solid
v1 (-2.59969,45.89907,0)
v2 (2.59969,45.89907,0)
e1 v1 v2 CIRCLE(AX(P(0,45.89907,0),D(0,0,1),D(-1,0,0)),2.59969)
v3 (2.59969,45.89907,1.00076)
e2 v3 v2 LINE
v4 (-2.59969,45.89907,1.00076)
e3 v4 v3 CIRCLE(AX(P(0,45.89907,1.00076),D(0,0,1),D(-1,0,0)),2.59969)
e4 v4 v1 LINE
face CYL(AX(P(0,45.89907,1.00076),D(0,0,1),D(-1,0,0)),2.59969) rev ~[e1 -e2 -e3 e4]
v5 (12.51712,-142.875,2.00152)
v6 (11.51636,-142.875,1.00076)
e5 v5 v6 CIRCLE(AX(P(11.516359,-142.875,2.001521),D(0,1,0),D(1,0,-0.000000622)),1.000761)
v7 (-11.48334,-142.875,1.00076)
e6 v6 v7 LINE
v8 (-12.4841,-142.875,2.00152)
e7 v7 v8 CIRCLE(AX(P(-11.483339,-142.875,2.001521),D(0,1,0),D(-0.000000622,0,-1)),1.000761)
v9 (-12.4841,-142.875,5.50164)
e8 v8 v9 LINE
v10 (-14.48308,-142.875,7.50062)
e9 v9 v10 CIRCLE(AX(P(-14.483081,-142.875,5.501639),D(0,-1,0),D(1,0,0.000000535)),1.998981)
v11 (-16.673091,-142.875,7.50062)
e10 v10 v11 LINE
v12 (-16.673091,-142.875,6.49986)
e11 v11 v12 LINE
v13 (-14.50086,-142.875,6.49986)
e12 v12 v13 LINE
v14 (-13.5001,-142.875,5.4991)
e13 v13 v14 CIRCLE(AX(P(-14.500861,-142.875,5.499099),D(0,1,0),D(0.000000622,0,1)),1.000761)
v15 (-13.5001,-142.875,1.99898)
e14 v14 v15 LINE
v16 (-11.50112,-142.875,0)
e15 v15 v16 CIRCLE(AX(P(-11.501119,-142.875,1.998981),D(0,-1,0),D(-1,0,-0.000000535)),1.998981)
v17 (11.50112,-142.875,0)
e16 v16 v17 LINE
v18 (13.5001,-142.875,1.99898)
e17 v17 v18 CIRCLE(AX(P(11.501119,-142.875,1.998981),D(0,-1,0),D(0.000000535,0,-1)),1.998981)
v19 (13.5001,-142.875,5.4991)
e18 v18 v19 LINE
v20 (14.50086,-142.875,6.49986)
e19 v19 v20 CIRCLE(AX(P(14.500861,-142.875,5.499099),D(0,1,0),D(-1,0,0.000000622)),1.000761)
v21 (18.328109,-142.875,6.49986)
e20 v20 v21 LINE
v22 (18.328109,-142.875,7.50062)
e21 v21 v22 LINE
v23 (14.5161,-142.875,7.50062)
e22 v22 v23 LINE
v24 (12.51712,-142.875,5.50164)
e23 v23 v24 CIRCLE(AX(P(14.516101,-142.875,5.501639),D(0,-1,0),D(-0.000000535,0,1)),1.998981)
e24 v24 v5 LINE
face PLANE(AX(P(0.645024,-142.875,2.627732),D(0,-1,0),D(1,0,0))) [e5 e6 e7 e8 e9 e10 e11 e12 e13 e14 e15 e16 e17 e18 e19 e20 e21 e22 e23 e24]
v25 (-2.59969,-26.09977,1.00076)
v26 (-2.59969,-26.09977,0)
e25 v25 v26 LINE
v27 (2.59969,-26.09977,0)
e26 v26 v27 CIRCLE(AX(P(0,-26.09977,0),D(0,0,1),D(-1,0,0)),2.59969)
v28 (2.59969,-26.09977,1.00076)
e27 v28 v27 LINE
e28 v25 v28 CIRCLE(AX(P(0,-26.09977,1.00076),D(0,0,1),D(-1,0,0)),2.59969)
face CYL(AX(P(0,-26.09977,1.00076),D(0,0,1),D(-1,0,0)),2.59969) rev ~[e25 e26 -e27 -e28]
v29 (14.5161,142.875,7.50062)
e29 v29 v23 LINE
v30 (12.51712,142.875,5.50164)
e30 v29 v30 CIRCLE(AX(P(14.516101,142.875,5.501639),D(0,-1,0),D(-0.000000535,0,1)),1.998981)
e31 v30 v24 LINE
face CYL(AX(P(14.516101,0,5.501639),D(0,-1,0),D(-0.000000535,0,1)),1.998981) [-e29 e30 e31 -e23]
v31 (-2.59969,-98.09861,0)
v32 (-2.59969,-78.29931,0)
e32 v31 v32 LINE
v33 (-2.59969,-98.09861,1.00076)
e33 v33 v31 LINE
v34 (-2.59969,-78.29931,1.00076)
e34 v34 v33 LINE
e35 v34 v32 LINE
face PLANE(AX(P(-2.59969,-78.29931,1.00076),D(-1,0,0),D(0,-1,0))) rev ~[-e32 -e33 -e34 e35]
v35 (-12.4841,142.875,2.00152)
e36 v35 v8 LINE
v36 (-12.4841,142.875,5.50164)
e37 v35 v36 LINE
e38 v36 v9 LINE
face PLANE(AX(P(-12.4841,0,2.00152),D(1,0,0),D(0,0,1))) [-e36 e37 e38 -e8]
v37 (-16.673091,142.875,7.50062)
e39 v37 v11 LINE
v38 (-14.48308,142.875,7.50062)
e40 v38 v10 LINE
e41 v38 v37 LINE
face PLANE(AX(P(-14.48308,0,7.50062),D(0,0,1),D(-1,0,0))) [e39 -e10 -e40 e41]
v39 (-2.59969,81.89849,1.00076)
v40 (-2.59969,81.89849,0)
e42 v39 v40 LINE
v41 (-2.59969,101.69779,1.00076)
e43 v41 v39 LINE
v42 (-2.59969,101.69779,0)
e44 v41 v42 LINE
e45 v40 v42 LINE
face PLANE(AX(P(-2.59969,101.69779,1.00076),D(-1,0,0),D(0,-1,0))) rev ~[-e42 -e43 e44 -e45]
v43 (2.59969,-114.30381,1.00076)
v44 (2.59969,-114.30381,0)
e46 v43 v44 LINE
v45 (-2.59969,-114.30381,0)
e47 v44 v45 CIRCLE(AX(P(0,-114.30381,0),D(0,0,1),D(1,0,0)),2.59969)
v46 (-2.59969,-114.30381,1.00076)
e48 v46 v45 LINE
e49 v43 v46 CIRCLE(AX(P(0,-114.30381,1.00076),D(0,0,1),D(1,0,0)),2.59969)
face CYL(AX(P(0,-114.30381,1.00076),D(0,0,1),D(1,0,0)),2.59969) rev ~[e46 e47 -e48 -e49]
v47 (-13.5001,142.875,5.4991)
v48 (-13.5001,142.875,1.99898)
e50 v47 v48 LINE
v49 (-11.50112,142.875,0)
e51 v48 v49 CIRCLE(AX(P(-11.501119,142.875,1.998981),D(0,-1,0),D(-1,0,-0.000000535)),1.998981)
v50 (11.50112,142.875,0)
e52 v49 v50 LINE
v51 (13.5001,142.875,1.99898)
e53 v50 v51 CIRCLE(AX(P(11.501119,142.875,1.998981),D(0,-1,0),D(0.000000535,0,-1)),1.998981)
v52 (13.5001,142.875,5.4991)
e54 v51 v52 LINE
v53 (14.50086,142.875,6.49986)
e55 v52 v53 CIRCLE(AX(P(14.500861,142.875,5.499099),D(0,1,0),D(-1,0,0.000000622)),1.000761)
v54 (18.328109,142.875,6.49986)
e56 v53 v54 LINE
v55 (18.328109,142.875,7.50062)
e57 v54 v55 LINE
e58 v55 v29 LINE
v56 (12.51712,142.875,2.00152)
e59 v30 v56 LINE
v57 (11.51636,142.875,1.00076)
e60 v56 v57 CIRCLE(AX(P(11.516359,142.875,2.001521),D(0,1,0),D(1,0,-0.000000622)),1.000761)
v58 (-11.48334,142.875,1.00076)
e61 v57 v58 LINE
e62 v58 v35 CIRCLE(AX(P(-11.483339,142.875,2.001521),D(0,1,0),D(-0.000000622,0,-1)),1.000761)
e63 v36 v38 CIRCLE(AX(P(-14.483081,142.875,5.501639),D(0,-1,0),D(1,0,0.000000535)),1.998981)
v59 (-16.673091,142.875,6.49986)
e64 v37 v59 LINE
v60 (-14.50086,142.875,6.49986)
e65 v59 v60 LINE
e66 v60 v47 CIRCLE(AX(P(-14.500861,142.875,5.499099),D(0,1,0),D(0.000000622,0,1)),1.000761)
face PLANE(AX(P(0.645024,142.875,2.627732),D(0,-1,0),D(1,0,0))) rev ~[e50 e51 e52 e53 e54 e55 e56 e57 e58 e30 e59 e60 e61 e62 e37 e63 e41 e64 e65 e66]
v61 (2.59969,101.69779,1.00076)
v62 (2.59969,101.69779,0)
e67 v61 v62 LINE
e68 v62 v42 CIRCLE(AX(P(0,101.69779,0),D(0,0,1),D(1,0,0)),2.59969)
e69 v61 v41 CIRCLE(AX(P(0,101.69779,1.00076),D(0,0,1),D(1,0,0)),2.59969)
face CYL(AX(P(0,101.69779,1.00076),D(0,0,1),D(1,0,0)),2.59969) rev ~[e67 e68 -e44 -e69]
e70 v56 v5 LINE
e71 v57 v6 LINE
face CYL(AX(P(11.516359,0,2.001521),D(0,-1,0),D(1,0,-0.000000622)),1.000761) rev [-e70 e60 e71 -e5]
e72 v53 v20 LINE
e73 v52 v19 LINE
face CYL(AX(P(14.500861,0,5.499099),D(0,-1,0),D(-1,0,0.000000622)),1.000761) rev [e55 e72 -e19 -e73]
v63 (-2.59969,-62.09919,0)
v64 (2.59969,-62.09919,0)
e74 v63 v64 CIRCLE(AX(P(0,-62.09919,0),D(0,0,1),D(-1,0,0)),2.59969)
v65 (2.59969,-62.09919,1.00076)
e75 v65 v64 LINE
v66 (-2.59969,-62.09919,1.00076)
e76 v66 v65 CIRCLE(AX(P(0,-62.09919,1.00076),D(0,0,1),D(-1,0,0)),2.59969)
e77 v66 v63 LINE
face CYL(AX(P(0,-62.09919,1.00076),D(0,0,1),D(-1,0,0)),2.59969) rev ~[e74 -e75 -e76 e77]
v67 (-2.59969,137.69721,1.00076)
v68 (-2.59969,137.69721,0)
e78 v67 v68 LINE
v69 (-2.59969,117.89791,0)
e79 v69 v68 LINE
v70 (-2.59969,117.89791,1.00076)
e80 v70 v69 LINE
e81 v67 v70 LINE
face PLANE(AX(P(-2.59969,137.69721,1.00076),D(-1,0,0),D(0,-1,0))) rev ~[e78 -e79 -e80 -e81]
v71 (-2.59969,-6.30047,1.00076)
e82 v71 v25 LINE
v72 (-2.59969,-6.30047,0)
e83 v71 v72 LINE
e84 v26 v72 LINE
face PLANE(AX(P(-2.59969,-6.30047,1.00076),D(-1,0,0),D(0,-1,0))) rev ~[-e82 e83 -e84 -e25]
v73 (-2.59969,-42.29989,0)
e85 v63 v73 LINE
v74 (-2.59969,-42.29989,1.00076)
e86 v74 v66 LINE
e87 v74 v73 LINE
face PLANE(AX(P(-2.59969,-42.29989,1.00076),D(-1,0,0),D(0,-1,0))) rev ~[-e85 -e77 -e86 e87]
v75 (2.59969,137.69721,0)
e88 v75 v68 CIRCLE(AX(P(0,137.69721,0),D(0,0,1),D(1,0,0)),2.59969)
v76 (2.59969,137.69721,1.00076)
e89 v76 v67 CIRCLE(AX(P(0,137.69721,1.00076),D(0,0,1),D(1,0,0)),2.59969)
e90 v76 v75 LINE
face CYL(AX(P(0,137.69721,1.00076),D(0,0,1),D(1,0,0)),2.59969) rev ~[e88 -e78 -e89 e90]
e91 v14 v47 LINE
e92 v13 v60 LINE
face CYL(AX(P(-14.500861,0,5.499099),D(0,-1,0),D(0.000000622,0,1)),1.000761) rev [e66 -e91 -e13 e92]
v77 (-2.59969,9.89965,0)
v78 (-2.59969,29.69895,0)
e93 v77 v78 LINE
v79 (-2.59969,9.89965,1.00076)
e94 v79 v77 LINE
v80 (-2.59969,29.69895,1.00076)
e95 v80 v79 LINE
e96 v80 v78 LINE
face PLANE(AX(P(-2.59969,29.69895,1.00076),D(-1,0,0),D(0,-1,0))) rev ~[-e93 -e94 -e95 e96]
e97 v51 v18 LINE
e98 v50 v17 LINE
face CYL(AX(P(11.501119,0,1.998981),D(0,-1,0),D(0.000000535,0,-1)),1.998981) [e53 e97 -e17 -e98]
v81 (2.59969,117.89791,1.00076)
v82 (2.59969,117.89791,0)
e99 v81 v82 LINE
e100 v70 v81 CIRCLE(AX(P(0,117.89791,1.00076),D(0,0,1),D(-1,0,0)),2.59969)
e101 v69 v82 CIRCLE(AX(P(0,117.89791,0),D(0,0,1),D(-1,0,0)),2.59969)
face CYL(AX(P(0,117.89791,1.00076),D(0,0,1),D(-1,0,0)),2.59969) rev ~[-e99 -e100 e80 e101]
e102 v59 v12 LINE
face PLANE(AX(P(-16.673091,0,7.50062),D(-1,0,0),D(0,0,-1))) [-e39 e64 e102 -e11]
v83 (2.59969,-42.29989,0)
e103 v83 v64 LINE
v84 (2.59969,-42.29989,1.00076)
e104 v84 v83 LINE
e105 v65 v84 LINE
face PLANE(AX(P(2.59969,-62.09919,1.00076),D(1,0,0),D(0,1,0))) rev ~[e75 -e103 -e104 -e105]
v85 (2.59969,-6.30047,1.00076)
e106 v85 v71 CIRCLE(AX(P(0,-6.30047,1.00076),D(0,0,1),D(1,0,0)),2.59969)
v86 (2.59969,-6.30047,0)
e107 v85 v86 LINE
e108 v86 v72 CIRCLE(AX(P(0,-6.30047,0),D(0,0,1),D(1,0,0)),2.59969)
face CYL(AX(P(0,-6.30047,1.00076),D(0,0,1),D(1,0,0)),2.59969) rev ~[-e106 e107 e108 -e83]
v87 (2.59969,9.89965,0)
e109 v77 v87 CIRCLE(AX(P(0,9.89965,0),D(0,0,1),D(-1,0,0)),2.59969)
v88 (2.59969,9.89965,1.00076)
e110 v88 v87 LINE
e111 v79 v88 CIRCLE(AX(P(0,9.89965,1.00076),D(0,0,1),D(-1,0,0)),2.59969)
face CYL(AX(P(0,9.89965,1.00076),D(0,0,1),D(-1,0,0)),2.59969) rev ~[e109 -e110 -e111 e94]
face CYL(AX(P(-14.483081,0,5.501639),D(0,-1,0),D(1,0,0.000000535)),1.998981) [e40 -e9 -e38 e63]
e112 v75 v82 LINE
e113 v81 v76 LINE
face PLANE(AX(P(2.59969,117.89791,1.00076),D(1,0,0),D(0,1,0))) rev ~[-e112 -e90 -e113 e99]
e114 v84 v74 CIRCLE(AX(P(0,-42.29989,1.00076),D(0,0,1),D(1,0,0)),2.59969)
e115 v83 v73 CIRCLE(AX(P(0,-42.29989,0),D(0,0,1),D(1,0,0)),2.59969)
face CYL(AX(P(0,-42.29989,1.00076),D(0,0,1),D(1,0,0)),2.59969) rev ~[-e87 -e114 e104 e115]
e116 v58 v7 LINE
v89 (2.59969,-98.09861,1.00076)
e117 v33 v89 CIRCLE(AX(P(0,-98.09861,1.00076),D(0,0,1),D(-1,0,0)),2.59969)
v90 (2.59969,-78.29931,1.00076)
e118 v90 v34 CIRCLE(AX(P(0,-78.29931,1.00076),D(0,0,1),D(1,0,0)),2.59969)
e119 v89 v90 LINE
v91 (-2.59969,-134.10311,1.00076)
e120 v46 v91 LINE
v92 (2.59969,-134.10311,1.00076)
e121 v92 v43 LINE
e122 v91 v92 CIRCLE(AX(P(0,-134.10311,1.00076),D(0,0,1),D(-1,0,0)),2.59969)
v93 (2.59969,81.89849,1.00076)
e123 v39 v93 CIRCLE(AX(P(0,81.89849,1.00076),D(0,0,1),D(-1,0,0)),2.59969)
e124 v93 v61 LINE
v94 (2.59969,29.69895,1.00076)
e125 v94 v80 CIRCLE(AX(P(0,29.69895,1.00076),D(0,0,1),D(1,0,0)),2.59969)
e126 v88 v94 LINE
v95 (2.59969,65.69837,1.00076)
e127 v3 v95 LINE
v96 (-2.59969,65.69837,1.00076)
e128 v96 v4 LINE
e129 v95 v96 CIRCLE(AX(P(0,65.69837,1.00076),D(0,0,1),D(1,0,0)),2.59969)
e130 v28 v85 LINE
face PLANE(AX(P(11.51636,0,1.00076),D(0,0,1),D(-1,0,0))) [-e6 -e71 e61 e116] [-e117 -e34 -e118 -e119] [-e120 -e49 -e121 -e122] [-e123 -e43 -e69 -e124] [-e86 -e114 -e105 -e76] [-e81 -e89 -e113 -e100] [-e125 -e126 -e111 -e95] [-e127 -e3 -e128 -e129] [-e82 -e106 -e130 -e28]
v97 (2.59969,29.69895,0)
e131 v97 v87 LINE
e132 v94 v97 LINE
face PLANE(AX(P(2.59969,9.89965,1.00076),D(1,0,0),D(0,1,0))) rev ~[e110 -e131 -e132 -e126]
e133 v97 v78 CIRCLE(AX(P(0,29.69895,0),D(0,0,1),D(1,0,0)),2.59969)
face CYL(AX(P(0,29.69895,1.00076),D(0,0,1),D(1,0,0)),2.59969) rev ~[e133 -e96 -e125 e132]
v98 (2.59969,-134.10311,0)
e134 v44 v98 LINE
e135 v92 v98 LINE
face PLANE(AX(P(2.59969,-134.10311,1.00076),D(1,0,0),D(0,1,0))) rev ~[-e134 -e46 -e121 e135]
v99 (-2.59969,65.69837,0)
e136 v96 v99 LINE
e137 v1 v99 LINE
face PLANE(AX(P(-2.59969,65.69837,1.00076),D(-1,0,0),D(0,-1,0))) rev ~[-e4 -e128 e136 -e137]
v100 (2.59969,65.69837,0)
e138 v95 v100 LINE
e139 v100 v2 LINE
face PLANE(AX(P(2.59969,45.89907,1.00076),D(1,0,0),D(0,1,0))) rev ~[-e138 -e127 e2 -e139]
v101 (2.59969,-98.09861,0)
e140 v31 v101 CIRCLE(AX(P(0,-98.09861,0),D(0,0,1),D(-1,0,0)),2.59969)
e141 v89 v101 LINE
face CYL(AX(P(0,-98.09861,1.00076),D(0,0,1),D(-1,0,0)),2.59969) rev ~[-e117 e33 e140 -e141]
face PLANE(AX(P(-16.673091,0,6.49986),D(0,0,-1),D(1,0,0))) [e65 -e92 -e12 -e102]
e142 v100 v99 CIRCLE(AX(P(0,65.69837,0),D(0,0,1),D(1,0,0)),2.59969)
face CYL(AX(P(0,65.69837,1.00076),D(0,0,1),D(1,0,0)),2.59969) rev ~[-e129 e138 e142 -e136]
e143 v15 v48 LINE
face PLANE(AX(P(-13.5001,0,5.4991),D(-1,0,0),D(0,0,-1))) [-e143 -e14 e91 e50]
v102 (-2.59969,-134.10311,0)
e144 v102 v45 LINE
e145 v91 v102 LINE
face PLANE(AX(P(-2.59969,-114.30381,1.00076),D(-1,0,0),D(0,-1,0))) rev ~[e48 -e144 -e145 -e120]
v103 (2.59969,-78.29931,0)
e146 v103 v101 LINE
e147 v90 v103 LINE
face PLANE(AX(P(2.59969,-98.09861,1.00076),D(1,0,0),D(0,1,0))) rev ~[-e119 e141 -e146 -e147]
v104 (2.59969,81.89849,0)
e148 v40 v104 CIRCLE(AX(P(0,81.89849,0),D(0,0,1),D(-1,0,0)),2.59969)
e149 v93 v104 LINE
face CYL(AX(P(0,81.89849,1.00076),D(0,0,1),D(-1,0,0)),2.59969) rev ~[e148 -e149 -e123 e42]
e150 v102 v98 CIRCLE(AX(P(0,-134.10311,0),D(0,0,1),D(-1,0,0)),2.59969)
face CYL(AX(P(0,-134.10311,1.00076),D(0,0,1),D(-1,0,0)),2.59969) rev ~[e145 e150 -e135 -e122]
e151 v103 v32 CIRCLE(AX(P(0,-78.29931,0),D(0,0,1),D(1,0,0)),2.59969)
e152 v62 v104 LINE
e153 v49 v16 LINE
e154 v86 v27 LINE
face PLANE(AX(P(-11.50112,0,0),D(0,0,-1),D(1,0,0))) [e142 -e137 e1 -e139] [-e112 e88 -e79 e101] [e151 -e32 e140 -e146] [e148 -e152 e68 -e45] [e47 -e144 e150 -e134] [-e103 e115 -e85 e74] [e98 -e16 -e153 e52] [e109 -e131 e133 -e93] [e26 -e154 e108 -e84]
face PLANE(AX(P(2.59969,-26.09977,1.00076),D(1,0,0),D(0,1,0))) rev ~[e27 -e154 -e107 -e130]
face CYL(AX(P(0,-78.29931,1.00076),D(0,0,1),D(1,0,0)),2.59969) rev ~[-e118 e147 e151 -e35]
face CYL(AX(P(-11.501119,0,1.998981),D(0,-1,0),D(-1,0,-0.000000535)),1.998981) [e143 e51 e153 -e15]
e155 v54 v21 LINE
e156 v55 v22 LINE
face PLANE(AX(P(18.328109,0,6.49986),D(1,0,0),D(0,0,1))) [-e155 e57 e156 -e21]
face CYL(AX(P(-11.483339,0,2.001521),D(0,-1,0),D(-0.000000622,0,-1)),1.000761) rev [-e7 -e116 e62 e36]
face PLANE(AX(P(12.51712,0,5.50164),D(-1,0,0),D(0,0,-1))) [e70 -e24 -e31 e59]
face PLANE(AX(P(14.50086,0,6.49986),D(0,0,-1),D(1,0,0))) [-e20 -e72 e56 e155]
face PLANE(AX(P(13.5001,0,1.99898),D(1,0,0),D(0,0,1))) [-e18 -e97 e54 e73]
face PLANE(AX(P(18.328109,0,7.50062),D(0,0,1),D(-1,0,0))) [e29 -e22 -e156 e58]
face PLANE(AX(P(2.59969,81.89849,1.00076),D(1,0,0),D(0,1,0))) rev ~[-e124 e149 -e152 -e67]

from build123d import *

# Parameters (mm, degrees)
F1_DEPTH = 142.875
F3_DEPTH = 1.00176


with BuildPart() as f1:
    # F0 (on Front) → F1 (new body, symmetric)
    with BuildSketch(Plane.XZ):
        with BuildLine():
            ThreePointArc((-13.5001, 1.99898), (-12.914612, 0.585488), (-11.50112, 0))
            Line((-11.50112, 0), (11.50112, 0))
            ThreePointArc((11.50112, 0), (12.914612, 0.585488), (13.5001, 1.99898))
            Line((13.5001, 1.99898), (13.5001, 5.4991))
            ThreePointArc((13.5001, 5.4991), (13.793216, 6.206744), (14.50086, 6.49986))
            Line((14.50086, 6.49986), (18.328109, 6.49986))
            Line((18.328109, 6.49986), (18.328109, 7.50062))
            Line((18.328109, 7.50062), (14.5161, 7.50062))
            ThreePointArc((14.5161, 7.50062), (13.102608, 6.915132), (12.51712, 5.50164))
            Line((12.51712, 5.50164), (12.51712, 2.00152))
            ThreePointArc((12.51712, 2.00152), (12.224004, 1.293876), (11.51636, 1.00076))
            Line((11.51636, 1.00076), (-11.48334, 1.00076))
            ThreePointArc((-11.48334, 1.00076), (-12.190984, 1.293876), (-12.4841, 2.00152))
            Line((-12.4841, 2.00152), (-12.4841, 5.50164))
            ThreePointArc((-12.4841, 5.50164), (-13.069588, 6.915132), (-14.48308, 7.50062))
            Line((-14.48308, 7.50062), (-16.673091, 7.50062))
            Line((-16.673091, 7.50062), (-16.673091, 6.49986))
            Line((-16.673091, 6.49986), (-14.50086, 6.49986))
            ThreePointArc((-14.50086, 6.49986), (-13.793216, 6.206744), (-13.5001, 5.4991))
            Line((-13.5001, 5.4991), (-13.5001, 1.99898))
        make_face()
    extrude(amount=F1_DEPTH, both=True)

    # F2 (on face) → F3 (cut, through all)
    with BuildSketch(Plane.XY.offset(1.00076)):
        with BuildLine():
            ThreePointArc((2.59969, 29.69895), (0, 32.29864), (-2.59969, 29.69895))
            Line((-2.59969, 29.69895), (-2.59969, 9.89965))
            ThreePointArc((-2.59969, 9.89965), (0, 7.29996), (2.59969, 9.89965))
            Line((2.59969, 9.89965), (2.59969, 29.69895))
        make_face()
        with BuildLine():
            ThreePointArc((-2.59969, 45.89907), (0, 43.29938), (2.59969, 45.89907))
            Line((2.59969, 45.89907), (2.59969, 65.69837))
            ThreePointArc((2.59969, 65.69837), (0, 68.29806), (-2.59969, 65.69837))
            Line((-2.59969, 65.69837), (-2.59969, 45.89907))
        make_face()
        with BuildLine():
            ThreePointArc((-2.59969, 81.89849), (0, 79.2988), (2.59969, 81.89849))
            Line((2.59969, 81.89849), (2.59969, 101.69779))
            ThreePointArc((2.59969, 101.69779), (0, 104.29748), (-2.59969, 101.69779))
            Line((-2.59969, 101.69779), (-2.59969, 81.89849))
        make_face()
        with BuildLine():
            ThreePointArc((-2.59969, 117.89791), (0, 115.29822), (2.59969, 117.89791))
            Line((2.59969, 117.89791), (2.59969, 137.69721))
            ThreePointArc((2.59969, 137.69721), (0, 140.2969), (-2.59969, 137.69721))
            Line((-2.59969, 137.69721), (-2.59969, 117.89791))
        make_face()
        with BuildLine():
            ThreePointArc((-2.59969, -26.09977), (0, -28.69946), (2.59969, -26.09977))
            Line((2.59969, -26.09977), (2.59969, -6.30047))
            ThreePointArc((2.59969, -6.30047), (0, -3.70078), (-2.59969, -6.30047))
            Line((-2.59969, -6.30047), (-2.59969, -26.09977))
        make_face()
        with BuildLine():
            ThreePointArc((-2.59969, -62.09919), (0, -64.69888), (2.59969, -62.09919))
            Line((2.59969, -62.09919), (2.59969, -42.29989))
            ThreePointArc((2.59969, -42.29989), (0, -39.7002), (-2.59969, -42.29989))
            Line((-2.59969, -42.29989), (-2.59969, -62.09919))
        make_face()
        with BuildLine():
            ThreePointArc((-2.59969, -98.09861), (0, -100.6983), (2.59969, -98.09861))
            Line((2.59969, -98.09861), (2.59969, -78.29931))
            ThreePointArc((2.59969, -78.29931), (0, -75.69962), (-2.59969, -78.29931))
            Line((-2.59969, -78.29931), (-2.59969, -98.09861))
        make_face()
        with BuildLine():
            ThreePointArc((-2.59969, -134.10311), (0, -136.7028), (2.59969, -134.10311))
            Line((2.59969, -134.10311), (2.59969, -114.30381))
            ThreePointArc((2.59969, -114.30381), (0, -111.70412), (-2.59969, -114.30381))
            Line((-2.59969, -114.30381), (-2.59969, -134.10311))
        make_face()
    extrude(amount=-F3_DEPTH, mode=Mode.SUBTRACT)


solid = f1.part
